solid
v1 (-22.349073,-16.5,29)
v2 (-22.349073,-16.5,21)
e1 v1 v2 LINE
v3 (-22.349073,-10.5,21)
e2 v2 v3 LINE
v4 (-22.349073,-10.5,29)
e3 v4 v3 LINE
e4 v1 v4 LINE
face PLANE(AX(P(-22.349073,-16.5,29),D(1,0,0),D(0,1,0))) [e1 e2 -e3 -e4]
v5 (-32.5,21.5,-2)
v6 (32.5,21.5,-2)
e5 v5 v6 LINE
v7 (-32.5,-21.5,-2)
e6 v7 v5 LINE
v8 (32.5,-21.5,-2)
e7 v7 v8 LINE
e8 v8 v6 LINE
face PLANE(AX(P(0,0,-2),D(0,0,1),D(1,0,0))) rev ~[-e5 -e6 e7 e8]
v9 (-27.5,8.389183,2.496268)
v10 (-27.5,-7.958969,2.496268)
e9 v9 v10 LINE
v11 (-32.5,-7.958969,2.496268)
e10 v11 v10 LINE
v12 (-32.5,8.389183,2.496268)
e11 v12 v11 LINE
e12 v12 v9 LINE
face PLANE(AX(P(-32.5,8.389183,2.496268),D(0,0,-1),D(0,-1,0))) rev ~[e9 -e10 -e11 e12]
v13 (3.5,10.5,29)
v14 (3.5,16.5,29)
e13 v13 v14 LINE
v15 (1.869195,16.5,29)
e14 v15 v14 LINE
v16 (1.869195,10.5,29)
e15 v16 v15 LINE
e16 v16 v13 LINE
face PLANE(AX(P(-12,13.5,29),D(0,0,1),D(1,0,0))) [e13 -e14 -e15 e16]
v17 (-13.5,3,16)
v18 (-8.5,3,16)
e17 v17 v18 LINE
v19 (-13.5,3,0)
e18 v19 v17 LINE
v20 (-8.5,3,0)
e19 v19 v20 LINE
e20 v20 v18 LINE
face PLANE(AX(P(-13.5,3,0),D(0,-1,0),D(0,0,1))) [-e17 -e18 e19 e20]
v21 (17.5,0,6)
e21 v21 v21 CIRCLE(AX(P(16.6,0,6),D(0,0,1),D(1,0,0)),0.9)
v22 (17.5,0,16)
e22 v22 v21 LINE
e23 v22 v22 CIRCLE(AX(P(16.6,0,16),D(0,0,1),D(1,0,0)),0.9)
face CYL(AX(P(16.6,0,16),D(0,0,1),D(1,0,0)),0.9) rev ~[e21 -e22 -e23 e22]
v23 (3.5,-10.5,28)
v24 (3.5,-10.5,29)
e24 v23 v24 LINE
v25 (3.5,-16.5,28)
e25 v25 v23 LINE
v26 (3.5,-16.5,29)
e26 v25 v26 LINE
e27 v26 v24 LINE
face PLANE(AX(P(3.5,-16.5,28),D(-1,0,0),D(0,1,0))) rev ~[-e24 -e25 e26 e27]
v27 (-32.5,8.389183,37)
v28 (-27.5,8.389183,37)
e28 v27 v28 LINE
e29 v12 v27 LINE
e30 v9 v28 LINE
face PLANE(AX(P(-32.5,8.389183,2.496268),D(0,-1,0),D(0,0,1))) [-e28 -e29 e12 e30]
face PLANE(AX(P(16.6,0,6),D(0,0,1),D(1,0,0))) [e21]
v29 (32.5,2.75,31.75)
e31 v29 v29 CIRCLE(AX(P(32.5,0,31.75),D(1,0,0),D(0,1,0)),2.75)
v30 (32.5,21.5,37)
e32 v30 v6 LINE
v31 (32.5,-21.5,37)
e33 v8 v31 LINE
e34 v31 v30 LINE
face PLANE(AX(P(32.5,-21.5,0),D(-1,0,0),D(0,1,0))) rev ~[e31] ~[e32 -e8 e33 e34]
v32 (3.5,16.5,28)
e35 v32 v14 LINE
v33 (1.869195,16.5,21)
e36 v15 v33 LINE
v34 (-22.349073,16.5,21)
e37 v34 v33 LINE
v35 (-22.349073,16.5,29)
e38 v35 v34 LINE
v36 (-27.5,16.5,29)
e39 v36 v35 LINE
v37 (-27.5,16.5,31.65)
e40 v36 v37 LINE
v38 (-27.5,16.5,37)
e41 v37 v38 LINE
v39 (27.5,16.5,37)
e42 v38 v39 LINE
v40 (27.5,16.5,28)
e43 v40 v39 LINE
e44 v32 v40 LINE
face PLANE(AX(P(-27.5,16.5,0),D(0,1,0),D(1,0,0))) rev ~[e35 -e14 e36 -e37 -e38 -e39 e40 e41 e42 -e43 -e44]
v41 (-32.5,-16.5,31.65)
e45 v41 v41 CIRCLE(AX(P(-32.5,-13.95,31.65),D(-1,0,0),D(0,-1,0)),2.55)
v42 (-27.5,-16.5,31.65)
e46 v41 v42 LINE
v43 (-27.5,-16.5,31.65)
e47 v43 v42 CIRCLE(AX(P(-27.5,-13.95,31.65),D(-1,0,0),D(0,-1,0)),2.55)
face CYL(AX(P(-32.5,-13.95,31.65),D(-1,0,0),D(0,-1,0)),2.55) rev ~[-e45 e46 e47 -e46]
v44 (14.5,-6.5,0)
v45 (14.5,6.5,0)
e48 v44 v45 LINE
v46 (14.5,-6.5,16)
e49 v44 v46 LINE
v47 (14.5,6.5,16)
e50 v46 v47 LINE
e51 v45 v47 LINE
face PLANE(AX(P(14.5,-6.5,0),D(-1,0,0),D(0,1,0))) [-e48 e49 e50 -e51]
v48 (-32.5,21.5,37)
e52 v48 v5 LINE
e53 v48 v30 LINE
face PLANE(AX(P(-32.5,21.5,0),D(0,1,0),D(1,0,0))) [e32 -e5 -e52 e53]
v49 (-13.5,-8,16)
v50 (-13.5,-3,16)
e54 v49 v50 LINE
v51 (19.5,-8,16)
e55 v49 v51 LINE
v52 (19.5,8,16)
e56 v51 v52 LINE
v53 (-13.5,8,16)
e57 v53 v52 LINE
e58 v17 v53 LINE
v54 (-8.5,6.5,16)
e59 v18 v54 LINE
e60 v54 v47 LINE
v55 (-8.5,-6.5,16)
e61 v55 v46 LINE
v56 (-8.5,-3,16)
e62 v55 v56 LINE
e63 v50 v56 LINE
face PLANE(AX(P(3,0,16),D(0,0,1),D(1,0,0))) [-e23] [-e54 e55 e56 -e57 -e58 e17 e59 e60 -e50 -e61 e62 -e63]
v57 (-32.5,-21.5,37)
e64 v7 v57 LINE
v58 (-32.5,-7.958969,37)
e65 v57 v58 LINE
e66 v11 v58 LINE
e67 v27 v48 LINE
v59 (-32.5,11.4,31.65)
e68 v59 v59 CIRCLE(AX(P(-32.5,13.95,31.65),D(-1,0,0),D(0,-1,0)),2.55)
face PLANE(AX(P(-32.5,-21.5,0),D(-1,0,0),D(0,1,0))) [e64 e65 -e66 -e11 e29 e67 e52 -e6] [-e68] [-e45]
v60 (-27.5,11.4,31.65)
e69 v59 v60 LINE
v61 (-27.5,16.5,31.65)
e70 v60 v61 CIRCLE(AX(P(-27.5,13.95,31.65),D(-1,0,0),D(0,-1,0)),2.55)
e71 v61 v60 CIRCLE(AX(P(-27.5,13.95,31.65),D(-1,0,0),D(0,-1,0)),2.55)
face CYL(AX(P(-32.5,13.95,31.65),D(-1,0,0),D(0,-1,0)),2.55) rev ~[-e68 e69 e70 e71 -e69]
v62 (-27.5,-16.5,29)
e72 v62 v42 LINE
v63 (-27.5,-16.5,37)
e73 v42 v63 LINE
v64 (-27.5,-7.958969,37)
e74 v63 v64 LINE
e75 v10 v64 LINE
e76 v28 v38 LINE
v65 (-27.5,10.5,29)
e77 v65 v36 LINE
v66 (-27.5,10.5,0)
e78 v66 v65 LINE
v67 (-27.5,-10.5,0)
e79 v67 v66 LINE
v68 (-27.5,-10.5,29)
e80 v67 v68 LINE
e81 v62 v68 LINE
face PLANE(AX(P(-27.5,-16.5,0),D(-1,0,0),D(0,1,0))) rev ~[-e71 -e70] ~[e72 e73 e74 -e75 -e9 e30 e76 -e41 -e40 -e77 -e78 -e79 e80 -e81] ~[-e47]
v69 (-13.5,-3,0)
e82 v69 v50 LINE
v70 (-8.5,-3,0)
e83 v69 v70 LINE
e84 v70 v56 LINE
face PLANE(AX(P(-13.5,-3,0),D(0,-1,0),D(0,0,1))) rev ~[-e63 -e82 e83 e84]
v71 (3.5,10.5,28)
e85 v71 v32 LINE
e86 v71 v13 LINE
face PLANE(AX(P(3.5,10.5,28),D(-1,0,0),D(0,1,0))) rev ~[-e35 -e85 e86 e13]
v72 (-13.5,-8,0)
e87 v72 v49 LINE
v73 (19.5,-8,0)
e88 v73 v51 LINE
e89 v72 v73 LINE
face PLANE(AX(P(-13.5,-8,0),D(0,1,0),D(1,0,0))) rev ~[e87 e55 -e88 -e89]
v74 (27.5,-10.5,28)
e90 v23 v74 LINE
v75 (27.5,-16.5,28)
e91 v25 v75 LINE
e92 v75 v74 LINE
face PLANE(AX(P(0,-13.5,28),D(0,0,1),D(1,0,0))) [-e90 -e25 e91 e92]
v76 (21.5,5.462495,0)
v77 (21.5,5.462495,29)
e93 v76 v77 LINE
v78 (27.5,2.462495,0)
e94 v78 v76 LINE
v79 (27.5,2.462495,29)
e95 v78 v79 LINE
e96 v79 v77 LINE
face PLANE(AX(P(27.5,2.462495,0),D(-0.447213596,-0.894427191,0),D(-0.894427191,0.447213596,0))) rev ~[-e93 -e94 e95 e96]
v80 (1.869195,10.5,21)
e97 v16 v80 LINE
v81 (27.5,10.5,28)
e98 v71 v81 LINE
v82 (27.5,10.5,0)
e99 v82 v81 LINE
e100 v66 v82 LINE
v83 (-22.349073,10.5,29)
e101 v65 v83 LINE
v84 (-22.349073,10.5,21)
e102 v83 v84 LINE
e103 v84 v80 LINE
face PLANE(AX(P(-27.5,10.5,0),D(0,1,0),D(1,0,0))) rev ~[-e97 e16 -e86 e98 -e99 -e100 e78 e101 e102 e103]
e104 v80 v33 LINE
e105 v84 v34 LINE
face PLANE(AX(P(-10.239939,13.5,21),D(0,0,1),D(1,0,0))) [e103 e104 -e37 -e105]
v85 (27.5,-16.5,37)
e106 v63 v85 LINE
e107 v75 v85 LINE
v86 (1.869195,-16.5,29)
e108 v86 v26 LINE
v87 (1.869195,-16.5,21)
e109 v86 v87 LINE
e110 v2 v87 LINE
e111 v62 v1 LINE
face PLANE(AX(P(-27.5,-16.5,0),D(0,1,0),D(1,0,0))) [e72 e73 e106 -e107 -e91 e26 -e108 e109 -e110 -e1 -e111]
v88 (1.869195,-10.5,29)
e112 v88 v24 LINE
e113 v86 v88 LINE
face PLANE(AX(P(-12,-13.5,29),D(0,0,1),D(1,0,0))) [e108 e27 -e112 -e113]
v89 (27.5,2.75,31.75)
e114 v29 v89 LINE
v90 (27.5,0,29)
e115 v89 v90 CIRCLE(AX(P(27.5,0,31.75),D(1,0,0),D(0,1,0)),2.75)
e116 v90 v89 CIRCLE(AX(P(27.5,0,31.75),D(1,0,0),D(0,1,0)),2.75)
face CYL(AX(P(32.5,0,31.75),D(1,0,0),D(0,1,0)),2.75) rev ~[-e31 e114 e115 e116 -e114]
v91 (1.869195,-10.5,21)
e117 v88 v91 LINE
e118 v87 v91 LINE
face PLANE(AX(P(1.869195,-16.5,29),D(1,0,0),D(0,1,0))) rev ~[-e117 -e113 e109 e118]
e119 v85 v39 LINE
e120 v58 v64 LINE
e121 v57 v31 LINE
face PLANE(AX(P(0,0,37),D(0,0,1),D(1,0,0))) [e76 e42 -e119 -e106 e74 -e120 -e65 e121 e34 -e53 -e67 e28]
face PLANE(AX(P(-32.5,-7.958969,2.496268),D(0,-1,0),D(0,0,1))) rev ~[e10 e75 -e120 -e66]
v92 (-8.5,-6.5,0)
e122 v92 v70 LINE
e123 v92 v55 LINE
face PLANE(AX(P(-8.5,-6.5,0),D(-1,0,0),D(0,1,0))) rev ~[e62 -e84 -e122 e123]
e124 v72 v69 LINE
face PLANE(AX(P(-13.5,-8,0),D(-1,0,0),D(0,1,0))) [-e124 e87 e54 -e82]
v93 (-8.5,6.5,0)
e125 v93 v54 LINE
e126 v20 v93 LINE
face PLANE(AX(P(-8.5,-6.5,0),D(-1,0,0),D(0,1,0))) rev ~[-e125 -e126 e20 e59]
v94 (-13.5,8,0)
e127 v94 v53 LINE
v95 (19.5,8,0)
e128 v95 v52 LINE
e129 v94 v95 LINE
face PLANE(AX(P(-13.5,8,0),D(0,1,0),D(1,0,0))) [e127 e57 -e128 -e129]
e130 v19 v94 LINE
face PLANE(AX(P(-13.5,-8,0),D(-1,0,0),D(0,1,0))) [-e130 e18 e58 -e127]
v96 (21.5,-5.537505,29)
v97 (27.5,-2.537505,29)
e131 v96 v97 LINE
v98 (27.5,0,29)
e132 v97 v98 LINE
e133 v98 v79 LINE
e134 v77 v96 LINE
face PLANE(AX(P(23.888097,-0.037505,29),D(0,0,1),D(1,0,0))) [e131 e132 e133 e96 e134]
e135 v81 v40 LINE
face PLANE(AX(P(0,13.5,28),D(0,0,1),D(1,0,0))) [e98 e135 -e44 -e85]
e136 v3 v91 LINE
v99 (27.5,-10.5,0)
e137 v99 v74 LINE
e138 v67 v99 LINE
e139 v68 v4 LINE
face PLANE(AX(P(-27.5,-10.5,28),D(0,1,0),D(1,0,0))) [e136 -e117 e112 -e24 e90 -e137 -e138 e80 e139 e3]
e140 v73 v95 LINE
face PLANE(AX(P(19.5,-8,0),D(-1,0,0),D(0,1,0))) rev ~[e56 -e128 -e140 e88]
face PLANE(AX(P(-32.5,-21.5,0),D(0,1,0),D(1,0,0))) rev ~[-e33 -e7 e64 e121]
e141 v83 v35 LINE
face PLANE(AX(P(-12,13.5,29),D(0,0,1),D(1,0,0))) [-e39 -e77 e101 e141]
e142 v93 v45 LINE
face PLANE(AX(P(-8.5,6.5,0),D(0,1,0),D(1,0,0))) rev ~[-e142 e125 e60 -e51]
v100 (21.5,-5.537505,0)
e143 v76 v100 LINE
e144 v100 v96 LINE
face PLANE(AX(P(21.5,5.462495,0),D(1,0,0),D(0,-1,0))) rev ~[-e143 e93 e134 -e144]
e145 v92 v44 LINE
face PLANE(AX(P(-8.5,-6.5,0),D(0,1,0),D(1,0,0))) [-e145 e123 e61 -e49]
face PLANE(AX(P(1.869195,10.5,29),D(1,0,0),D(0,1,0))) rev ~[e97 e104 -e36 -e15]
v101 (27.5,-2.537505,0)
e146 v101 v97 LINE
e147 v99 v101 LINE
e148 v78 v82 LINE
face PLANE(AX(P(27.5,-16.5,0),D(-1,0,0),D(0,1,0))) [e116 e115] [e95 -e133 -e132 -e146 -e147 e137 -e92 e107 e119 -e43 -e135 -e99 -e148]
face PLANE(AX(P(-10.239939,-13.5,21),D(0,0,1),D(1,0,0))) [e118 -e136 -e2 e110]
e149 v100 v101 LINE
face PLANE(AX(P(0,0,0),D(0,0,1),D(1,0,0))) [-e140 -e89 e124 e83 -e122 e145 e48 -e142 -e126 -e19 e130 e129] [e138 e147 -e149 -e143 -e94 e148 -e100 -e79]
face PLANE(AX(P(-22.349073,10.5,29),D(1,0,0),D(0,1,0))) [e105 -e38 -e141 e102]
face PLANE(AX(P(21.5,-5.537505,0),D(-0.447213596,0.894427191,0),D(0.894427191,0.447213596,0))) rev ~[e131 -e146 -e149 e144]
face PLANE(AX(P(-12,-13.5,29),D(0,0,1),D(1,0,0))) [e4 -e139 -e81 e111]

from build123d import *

# Parameters (mm, degrees)
F0_W      = 65
F0_H      = 43
F1_DEPTH  = 2
F2_W      = 65
F2_H      = 43
F2_W_2    = 55
F2_H_2    = 33
F3_DEPTH  = 37
F4_W      = 33
F4_H      = 16
F4_W_2    = 23
F4_H_2    = 13
F5_DEPTH  = 16
F6_R      = 0.9
F7_DEPTH  = 10
F8_W      = 55
F8_H      = 6
F9_DEPTH  = 28
F10_R     = 2.55
F11_DEPTH = 25
F12_R     = 2.75
F13_DEPTH = 25
F15_DEPTH = 29
F16_W     = 31
F16_H     = 6
F17_DEPTH = 1
F18_W     = 16.348152
F18_H     = 34.503732
F19_DEPTH = 5
F20_W     = 24.218268
F20_H     = 6
F21_DEPTH = 8
F22_W     = 6
F22_H     = 16
F23_DEPTH = 5


with BuildPart() as f1:
    # F0 (on Top) → F1 (new body)
    with BuildSketch(Plane.XY):
        Rectangle(F0_W, F0_H)
    extrude(amount=-F1_DEPTH)

    # F2 (on face) → F3 (join)
    with BuildSketch(Plane.XY):
        Rectangle(F2_W, F2_H)
        Rectangle(F2_W_2, F2_H_2, mode=Mode.SUBTRACT)
    extrude(amount=F3_DEPTH)

    # F4 (on face) → F5 (join)
    with BuildSketch(Plane.XY):
        with Locations((3, 0)):
            Rectangle(F4_W, F4_H)
        with Locations((3, 0)):
            Rectangle(F4_W_2, F4_H_2, mode=Mode.SUBTRACT)
    extrude(amount=F5_DEPTH)

    # F6 (on face) → F7 (cut)
    with BuildSketch(Plane.XY.offset(16)):
        with Locations((16.6, 0)):
            Circle(F6_R)
        with Locations((-10.6, 0)):
            Circle(F6_R)
    extrude(amount=-F7_DEPTH, mode=Mode.SUBTRACT)

    # F8 (on face) → F9 (join)
    with BuildSketch(Plane.XY):
        with Locations((0, -13.5)):
            Rectangle(F8_W, F8_H)
        with Locations((0, 13.5)):
            Rectangle(F8_W, F8_H)
    extrude(amount=F9_DEPTH)

    # F10 (on face) → F11 (cut)
    with BuildSketch(Plane(origin=(-32.5, 0, 0), x_dir=(0, -1, 0), z_dir=(-1, 0, 0))):
        with Locations((13.95, 31.65)):
            Circle(F10_R)
        with Locations((-13.95, 31.65)):
            Circle(F10_R)
    extrude(amount=-F11_DEPTH, mode=Mode.SUBTRACT)

    # F12 (on face) → F13 (cut)
    with BuildSketch(Plane.YZ.offset(32.5)):
        with Locations((0, 31.75)):
            Circle(F12_R)
    extrude(amount=-F13_DEPTH, mode=Mode.SUBTRACT)

    # F14 (on face) → F15 (join)
    with BuildSketch(Plane.XY):
        Polygon((21.5, -5.537505), (27.5, -2.537505), (27.5, 2.462495), (21.5, 5.462495), align=None)
    extrude(amount=F15_DEPTH)

    # F16 (on face) → F17 (join)
    with BuildSketch(Plane.XY.offset(28)):
        with Locations((-12, -13.5)):
            Rectangle(F16_W, F16_H)
        with Locations((-12, 13.5)):
            Rectangle(F16_W, F16_H)
    extrude(amount=F17_DEPTH)

    # F18 (on face) → F19 (cut)
    with BuildSketch(Plane(origin=(-32.5, 0, 0), x_dir=(0, -1, 0), z_dir=(-1, 0, 0))):
        with Locations((-0.215107, 19.748134)):
            Rectangle(F18_W, F18_H)
    extrude(amount=-F19_DEPTH, mode=Mode.SUBTRACT)

    # F20 (on face) → F21 (cut)
    with BuildSketch(Plane.XY.offset(29)):
        with Locations((-10.239939, 13.5)):
            Rectangle(F20_W, F20_H)
        with Locations((-10.239939, -13.5)):
            Rectangle(F20_W, F20_H)
    extrude(amount=-F21_DEPTH, mode=Mode.SUBTRACT)

    # F22 (on face) → F23 (cut)
    with BuildSketch(Plane(origin=(-13.5, 0, 0), x_dir=(0, -1, 0), z_dir=(-1, 0, 0))):
        with Locations((0, 8)):
            Rectangle(F22_W, F22_H)
    extrude(amount=-F23_DEPTH, mode=Mode.SUBTRACT)


solid = f1.part
